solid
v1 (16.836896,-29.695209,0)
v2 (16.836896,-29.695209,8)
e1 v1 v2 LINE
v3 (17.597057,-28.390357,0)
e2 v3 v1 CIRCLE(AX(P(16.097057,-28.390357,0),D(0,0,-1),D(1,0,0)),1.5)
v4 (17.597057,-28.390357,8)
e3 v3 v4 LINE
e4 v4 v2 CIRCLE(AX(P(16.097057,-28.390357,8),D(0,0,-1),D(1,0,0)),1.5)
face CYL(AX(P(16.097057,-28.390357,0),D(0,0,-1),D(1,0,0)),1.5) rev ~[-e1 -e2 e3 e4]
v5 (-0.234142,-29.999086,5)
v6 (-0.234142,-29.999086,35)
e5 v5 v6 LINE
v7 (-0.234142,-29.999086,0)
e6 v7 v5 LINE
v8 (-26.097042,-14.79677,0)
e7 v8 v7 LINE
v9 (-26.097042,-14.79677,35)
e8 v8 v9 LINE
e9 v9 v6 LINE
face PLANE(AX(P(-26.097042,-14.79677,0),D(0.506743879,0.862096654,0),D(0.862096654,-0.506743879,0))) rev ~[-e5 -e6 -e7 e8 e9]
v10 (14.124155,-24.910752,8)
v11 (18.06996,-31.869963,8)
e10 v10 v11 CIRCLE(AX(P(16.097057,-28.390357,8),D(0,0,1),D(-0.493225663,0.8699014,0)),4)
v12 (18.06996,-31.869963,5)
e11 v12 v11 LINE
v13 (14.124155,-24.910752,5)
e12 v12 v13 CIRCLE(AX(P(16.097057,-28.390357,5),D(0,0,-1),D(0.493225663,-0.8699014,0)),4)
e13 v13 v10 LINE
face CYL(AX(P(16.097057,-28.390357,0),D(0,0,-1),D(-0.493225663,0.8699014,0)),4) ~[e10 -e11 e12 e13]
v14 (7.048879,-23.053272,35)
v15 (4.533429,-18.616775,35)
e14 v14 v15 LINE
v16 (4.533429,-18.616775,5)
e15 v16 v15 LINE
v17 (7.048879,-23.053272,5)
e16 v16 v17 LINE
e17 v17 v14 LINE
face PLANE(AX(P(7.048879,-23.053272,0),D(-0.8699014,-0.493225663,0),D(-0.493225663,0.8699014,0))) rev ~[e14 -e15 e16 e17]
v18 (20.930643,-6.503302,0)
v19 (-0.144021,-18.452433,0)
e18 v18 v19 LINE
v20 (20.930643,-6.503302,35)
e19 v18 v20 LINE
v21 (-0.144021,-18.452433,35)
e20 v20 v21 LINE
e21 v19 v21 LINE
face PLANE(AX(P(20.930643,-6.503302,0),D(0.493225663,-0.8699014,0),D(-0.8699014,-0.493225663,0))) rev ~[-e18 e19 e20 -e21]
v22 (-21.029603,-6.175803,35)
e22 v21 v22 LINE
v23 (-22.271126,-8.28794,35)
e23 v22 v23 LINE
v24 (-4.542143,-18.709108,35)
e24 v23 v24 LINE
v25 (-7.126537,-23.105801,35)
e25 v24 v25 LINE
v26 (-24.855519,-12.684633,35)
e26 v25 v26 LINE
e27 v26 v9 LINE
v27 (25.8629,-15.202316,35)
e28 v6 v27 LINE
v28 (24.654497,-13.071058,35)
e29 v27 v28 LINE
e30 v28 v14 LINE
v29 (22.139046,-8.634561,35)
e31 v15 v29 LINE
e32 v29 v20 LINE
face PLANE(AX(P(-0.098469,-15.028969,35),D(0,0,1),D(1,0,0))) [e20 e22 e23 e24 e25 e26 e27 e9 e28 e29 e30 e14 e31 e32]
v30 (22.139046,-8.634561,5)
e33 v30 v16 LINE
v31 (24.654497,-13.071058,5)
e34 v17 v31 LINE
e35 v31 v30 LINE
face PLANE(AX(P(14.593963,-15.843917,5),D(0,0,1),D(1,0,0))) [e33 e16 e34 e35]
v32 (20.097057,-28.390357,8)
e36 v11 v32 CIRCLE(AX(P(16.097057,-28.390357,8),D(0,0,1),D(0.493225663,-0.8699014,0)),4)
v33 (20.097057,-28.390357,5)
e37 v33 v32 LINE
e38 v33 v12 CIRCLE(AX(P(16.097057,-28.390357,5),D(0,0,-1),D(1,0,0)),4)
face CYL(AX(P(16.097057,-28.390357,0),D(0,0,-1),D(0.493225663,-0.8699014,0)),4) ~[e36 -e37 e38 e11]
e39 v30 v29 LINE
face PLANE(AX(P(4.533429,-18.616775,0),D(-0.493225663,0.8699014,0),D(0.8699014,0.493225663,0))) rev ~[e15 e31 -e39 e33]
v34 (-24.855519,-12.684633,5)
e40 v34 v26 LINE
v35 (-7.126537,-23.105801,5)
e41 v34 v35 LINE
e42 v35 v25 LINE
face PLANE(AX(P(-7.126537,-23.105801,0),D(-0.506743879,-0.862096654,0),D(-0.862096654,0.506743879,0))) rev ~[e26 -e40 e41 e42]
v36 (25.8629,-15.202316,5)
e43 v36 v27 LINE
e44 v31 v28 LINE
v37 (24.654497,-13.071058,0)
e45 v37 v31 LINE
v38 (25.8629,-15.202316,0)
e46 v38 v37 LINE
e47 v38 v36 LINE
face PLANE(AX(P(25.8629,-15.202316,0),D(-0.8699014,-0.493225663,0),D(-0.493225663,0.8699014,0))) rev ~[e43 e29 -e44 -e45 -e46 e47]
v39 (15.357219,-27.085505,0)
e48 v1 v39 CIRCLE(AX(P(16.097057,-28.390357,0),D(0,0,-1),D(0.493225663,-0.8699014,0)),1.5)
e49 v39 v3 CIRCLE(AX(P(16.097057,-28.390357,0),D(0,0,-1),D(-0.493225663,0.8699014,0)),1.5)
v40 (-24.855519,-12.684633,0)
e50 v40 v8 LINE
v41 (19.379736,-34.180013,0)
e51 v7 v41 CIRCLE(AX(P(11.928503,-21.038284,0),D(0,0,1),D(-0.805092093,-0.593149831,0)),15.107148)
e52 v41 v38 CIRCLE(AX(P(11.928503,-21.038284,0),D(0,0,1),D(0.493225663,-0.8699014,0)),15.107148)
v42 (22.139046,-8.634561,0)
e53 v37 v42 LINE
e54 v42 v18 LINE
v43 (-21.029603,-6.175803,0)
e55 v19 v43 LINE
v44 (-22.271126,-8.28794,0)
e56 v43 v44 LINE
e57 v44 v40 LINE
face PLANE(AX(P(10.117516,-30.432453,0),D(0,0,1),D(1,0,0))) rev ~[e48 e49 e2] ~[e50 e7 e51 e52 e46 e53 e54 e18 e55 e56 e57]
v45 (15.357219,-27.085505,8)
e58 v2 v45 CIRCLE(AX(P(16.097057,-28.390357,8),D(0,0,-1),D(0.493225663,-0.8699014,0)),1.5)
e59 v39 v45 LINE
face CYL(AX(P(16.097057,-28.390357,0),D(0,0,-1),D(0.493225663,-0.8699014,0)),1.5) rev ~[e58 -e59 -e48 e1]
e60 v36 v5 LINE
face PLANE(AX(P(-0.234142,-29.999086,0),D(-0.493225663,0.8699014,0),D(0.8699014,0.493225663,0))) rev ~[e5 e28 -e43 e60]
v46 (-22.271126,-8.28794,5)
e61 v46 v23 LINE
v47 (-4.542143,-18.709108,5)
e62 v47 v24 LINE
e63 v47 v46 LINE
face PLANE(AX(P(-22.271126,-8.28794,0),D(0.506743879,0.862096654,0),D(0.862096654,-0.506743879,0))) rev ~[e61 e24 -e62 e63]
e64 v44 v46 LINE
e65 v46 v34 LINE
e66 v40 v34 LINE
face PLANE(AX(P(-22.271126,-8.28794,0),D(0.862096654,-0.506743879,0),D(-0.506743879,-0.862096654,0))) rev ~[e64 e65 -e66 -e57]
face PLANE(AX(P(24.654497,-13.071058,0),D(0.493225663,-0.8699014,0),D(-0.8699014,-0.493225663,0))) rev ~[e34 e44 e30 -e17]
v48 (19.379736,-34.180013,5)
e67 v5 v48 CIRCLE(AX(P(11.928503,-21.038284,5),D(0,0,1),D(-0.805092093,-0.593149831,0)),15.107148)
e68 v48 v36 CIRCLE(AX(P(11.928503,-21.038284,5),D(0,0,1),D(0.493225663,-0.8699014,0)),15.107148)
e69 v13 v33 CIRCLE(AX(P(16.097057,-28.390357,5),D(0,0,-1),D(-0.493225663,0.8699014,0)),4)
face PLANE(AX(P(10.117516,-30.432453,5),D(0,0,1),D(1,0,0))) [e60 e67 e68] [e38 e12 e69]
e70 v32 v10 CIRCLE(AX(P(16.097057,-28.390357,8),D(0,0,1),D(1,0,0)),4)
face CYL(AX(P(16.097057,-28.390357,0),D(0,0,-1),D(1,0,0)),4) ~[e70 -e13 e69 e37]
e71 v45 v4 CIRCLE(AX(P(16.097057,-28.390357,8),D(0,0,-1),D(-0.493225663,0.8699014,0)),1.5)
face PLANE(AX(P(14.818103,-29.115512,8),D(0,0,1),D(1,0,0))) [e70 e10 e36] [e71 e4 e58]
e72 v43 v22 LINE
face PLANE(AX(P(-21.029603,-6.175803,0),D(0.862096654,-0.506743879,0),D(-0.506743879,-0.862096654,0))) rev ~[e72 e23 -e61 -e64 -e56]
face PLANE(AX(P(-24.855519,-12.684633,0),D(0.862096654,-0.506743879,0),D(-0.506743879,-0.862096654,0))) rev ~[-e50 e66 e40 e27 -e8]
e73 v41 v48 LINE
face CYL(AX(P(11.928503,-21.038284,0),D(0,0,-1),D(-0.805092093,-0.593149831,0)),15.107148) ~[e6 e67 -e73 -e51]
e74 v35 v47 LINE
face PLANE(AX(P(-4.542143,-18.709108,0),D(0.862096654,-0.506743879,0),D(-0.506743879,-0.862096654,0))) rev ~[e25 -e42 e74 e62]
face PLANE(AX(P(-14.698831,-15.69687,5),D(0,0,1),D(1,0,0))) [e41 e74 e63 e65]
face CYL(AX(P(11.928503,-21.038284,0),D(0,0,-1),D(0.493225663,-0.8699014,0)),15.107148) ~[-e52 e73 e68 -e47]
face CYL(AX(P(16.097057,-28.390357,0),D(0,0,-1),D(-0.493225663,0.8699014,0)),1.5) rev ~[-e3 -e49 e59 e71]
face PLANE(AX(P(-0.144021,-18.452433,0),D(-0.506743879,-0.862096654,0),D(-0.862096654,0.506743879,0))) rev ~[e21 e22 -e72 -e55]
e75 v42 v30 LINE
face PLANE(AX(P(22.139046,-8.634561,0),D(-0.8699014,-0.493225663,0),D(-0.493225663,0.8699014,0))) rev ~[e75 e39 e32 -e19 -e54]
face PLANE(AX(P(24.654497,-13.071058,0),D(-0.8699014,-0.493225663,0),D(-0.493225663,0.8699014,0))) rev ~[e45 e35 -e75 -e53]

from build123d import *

# Parameters (mm, degrees)
F1_DEPTH = 35
F2_DEPTH = 5
F3_DEPTH = 5
F4_DEPTH = 8


with BuildPart() as f1:
    # F0 (on Top) → F1 (new body)
    with BuildSketch(Plane.XY):
        Polygon((-4.5421427263, -18.7091076313), (-7.1265365105, -23.1058005667), (-0.2120626165, -27.170156121), (7.0488793967, -23.0532723663), (4.5334285141, -18.6167752281), (22.1390458625, -8.6345608102), (20.9306429875, -6.5033023811), (-0.1440209293, -18.4524325843), (-21.0296031968, -6.1758033577), (-22.271125701, -8.28794016), align=None)
        Polygon((-24.8555194852, -12.6846330954), (-26.0970419893, -14.7967698977), (-0.2341423693, -29.9990862753), (12.8143786254, -22.6007013264), (25.8628996201, -15.2023163775), (24.6544967451, -13.0710579484), (7.0488793967, -23.0532723663), (-0.2120626165, -27.170156121), (-7.1265365105, -23.1058005667), align=None)
    extrude(amount=F1_DEPTH)

    # F0 (on Top) → F2 (join)
    with BuildSketch(Plane.XY):
        Polygon((-22.271125701, -8.28794016), (-24.8555194852, -12.6846330954), (-7.1265365105, -23.1058005667), (-4.5421427263, -18.7091076313), align=None)
        Polygon((7.0488793967, -23.0532723663), (24.6544967451, -13.0710579484), (22.1390458625, -8.6345608102), (4.5334285141, -18.6167752281), align=None)
    extrude(amount=F2_DEPTH)

    # F0 (on Top) → F3 (join)
    with BuildSketch(Plane.XY):
        with BuildLine():
            Line((12.8143786254, -22.6007013264), (-0.2341423693, -29.9990862753))
            ThreePointArc((-0.2341423693, -29.9990862753), (8.7789969459, -35.8134839164), (19.3797362449, -34.1800132069))
            Line((19.3797362449, -34.1800132069), (18.0699600882, -31.8699628652))
            ThreePointArc((18.0699600882, -31.8699628652), (12.6174518365, -30.3632599197), (14.1241547821, -24.9107516681))
            Line((14.1241547821, -24.9107516681), (12.8143786254, -22.6007013264))
        make_face()
        with BuildLine():
            Line((25.8628996201, -15.2023163775), (12.8143786254, -22.6007013264))
            Line((12.8143786254, -22.6007013264), (14.1241547821, -24.9107516681))
            ThreePointArc((14.1241547821, -24.9107516681), (18.1105605252, -24.9340868337), (20.0970574351, -28.3903572667))
            ThreePointArc((20.0970574351, -28.3903572667), (19.5533278681, -30.4038603568), (18.0699600882, -31.8699628652))
            Line((18.0699600882, -31.8699628652), (19.3797362449, -34.1800132069))
            ThreePointArc((19.3797362449, -34.1800132069), (26.2244652335, -25.9220724639), (25.8628996201, -15.2023163775))
        make_face()
    extrude(amount=F3_DEPTH)

    # F0 (on Top) → F4 (join)
    with BuildSketch(Plane.XY):
        with BuildLine():
            Line((15.3572189402, -27.0855051672), (14.1241547821, -24.9107516681))
            ThreePointArc((14.1241547821, -24.9107516681), (12.6174518365, -30.3632599197), (18.0699600882, -31.8699628652))
            Line((18.0699600882, -31.8699628652), (16.83689593, -29.6952093661))
            ThreePointArc((16.83689593, -29.6952093661), (14.7922053357, -29.1301957615), (15.3572189402, -27.0855051672))
        make_face()
        with BuildLine():
            ThreePointArc((20.0970574351, -28.3903572667), (18.1105605252, -24.9340868337), (14.1241547821, -24.9107516681))
            Line((14.1241547821, -24.9107516681), (15.3572189402, -27.0855051672))
            ThreePointArc((15.3572189402, -27.0855051672), (16.8521210939, -27.0942558543), (17.5970574351, -28.3903572667))
            ThreePointArc((17.5970574351, -28.3903572667), (17.3931588475, -29.1454209255), (16.83689593, -29.6952093661))
            Line((16.83689593, -29.6952093661), (18.0699600882, -31.8699628652))
            ThreePointArc((18.0699600882, -31.8699628652), (19.5533278681, -30.4038603568), (20.0970574351, -28.3903572667))
        make_face()
    extrude(amount=F4_DEPTH)


solid = f1.part
